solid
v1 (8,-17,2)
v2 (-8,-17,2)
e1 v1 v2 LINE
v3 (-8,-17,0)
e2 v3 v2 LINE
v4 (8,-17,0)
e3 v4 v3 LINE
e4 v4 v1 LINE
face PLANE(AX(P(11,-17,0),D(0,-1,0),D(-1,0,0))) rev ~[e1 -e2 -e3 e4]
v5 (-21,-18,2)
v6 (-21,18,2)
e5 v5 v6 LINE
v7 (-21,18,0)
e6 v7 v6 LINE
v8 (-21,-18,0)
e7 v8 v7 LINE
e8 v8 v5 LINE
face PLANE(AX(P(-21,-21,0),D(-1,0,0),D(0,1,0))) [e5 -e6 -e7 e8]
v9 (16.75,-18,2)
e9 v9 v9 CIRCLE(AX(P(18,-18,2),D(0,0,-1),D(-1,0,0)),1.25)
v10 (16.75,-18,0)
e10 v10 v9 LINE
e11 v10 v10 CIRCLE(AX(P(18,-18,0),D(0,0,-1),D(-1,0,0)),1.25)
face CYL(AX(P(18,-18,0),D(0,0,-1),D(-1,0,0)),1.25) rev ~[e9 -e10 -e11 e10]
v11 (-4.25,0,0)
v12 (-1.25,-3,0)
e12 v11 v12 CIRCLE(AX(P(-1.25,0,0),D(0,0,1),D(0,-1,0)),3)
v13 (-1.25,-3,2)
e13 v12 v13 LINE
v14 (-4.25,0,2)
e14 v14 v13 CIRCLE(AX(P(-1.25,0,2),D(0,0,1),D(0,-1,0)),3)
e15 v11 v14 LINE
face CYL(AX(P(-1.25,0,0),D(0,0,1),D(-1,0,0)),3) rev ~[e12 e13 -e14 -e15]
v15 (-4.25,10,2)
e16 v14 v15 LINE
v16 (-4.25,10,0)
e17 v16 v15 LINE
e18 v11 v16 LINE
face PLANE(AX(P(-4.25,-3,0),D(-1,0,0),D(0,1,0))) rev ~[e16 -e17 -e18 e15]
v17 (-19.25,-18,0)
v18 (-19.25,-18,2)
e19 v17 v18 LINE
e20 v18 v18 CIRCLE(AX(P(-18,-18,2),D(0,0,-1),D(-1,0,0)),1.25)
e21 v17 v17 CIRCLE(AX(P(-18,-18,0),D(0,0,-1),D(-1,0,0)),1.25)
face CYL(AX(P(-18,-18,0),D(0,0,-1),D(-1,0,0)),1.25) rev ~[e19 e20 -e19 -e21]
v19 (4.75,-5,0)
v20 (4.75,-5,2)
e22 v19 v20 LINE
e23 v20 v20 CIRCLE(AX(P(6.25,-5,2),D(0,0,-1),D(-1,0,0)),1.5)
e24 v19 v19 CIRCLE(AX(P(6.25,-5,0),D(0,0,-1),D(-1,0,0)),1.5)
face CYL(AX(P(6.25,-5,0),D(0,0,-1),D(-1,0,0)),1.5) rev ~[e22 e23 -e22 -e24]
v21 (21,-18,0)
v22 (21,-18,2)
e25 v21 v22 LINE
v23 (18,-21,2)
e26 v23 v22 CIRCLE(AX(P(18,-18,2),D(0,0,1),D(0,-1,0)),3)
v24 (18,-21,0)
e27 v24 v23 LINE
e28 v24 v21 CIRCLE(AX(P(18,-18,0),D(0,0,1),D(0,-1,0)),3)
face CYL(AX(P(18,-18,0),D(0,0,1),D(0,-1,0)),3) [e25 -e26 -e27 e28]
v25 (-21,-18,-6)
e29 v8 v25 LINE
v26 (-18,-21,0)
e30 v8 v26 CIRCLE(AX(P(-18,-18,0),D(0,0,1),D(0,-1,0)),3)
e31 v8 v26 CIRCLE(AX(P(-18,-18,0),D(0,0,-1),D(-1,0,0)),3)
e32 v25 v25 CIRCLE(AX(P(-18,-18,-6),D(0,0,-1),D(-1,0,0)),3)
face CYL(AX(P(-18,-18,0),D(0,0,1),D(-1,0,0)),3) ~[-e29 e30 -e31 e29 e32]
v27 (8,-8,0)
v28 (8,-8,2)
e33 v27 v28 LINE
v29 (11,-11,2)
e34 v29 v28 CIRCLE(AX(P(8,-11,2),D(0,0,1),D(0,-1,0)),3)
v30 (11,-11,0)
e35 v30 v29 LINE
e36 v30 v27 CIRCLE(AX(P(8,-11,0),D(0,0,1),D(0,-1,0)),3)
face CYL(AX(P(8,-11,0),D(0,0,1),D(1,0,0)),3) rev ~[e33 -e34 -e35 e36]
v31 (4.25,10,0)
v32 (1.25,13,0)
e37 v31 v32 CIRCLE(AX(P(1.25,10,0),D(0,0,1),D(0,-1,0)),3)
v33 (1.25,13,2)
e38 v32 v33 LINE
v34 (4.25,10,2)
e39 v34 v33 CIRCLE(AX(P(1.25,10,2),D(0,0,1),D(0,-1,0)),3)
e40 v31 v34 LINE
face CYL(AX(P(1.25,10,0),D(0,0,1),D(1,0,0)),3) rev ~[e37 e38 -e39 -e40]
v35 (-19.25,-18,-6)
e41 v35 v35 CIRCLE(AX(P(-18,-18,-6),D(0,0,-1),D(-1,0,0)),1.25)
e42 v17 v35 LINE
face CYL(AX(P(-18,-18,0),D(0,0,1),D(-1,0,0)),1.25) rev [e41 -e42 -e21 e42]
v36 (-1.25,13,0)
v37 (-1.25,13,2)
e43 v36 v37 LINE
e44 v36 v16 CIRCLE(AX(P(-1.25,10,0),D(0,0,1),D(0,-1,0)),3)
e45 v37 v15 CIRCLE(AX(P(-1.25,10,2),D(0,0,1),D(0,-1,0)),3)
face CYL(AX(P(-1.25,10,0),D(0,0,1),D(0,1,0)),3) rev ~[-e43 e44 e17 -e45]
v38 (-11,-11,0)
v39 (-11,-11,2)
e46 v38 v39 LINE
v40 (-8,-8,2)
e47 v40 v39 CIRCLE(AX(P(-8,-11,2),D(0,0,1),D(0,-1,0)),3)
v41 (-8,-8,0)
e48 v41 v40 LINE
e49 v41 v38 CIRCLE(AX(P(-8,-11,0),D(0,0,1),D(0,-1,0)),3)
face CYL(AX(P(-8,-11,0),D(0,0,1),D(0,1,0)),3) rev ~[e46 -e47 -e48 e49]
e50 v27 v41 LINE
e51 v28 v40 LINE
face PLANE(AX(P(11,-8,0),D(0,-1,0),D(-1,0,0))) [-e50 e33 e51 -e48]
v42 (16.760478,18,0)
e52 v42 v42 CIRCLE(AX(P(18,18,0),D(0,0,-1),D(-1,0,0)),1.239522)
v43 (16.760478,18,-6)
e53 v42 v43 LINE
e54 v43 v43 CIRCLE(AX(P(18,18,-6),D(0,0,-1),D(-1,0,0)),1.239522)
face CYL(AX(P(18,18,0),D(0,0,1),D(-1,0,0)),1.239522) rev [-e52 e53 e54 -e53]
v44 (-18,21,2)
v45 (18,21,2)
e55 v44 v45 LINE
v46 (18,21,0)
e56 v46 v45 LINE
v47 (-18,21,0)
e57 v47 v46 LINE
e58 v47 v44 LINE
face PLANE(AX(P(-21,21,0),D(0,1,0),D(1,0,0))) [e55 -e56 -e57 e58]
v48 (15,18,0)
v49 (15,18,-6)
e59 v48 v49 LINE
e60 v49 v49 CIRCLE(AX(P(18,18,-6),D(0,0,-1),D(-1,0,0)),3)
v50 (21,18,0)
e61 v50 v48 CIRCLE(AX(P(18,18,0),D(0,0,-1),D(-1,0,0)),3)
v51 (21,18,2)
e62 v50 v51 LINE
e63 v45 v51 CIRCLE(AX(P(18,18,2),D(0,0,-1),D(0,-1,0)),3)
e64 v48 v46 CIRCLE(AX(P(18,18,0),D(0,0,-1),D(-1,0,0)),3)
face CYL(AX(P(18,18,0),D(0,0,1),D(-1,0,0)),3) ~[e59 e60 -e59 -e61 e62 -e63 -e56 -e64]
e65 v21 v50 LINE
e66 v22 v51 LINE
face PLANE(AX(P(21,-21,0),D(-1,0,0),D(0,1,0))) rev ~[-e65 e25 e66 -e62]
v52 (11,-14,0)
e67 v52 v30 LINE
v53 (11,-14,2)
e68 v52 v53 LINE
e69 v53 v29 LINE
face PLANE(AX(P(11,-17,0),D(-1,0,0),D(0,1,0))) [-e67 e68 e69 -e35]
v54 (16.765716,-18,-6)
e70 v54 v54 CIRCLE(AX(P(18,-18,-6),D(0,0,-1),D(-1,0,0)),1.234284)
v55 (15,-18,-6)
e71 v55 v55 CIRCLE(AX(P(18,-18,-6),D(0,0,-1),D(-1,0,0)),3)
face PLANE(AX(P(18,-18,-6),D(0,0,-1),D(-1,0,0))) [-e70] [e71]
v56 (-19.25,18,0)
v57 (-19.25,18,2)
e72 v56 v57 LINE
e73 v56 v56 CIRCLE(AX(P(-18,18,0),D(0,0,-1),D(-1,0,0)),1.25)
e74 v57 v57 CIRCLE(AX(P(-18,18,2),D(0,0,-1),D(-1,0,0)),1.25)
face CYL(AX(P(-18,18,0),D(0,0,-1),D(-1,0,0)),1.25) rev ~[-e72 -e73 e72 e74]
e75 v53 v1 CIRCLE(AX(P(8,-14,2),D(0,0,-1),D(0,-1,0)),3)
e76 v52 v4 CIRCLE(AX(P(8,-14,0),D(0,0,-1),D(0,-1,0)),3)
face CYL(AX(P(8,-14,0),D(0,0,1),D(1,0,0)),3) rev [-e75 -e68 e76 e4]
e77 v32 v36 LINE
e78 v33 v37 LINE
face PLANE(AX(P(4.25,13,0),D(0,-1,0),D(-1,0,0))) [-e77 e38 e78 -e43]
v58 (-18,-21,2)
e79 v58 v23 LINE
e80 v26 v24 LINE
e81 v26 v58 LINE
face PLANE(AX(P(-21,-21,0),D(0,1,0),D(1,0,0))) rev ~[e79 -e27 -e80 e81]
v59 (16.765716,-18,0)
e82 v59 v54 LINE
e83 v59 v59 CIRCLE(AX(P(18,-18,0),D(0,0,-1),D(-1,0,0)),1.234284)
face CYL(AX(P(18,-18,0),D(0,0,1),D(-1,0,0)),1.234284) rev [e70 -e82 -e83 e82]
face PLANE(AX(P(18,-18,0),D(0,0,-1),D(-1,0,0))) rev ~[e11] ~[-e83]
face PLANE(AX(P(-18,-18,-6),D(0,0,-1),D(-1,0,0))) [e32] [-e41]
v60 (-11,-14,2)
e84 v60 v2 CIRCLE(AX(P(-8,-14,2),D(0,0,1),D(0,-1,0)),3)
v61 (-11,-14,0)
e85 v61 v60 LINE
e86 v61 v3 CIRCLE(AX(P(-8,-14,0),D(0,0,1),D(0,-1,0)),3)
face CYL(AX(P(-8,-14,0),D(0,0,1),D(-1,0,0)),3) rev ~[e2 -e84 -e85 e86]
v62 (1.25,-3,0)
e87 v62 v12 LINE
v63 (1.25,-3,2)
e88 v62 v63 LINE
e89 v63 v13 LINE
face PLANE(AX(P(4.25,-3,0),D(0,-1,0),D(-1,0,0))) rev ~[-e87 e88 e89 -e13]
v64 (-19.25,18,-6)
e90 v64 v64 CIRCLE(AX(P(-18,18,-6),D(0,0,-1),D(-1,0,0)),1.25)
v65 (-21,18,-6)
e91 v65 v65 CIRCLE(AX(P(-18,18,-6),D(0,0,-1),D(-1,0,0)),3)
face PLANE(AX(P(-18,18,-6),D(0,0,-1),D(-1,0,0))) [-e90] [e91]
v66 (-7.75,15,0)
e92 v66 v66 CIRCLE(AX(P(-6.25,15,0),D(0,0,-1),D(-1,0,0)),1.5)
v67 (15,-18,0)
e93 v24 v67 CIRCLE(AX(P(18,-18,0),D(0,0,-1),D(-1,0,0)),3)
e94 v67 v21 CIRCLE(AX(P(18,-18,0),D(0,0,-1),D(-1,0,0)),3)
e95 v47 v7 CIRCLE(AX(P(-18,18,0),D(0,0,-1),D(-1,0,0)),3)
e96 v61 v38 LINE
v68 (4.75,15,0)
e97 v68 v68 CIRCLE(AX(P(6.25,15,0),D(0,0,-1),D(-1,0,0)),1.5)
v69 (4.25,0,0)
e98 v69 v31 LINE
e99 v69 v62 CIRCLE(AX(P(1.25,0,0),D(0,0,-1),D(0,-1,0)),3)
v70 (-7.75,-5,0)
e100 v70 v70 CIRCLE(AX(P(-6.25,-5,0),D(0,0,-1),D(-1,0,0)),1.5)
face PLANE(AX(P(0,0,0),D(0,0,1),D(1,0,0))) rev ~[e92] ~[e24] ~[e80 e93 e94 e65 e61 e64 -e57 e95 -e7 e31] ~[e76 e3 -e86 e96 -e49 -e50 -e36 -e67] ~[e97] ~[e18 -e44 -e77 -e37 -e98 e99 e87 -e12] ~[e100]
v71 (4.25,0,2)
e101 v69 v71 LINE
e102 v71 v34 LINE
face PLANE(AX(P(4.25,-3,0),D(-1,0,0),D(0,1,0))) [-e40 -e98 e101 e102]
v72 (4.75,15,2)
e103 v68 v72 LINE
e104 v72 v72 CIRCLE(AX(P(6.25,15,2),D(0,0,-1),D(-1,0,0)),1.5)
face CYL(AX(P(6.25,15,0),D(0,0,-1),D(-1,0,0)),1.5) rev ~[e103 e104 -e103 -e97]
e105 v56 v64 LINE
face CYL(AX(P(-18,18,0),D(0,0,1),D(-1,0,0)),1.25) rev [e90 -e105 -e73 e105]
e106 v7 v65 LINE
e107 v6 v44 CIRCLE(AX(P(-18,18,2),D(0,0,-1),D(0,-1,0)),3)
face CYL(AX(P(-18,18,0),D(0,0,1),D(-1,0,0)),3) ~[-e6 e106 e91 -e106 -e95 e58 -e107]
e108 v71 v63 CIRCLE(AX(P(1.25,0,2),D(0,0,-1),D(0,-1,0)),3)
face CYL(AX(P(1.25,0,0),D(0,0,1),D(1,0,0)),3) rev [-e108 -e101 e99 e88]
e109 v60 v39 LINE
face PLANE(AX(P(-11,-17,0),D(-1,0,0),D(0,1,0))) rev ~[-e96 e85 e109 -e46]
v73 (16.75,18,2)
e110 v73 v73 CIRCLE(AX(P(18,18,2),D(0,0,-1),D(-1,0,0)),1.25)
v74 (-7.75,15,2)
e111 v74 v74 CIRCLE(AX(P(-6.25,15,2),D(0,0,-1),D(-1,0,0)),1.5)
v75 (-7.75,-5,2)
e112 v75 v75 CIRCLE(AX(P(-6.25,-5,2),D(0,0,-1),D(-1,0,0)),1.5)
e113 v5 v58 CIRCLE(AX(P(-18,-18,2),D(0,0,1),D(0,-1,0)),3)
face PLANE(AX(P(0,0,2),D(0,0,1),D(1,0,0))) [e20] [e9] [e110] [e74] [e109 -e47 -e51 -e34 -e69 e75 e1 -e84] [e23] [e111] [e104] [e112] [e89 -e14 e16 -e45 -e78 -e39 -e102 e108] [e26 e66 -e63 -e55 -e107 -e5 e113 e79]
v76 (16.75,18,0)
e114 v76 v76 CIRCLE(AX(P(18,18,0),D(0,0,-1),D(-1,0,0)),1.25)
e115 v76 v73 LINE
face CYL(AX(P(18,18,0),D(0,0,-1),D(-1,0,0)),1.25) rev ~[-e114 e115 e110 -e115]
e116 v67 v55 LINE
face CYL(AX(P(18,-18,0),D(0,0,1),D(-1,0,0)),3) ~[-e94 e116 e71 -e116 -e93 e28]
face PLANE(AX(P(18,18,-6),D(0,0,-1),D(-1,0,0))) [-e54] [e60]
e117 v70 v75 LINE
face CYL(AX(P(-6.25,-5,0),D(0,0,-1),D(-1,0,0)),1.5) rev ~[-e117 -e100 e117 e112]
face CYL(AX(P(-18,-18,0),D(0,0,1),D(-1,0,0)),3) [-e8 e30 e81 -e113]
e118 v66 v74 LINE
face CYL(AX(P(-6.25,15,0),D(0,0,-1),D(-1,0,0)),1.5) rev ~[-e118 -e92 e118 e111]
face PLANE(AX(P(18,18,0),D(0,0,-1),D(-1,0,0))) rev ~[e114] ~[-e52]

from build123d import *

# Parameters (mm, degrees)
SKETCH_1_W          = 42
SKETCH_1_H          = 42
EXTRUDE_1_DEPTH     = 2
SKETCH_2_R          = 1.5
SKETCH_2_R_2        = 1.25
SKETCH_2_W          = 8.5
SKETCH_2_H          = 16
SKETCH_2_W_2        = 22
SKETCH_2_H_2        = 9
CUT_EXTRUDE_1_DEPTH = 2
FILLET_1_R          = 3
SKETCH_3_R          = 3
SKETCH_3_R_2        = 1.25
SKETCH_3_R_3        = 1.234283691
SKETCH_3_R_4        = 1.239522306
EXTRUDE_2_DEPTH     = 6


with BuildPart() as part:
    # 草图1 → 凸台-拉伸1 (new body)
    with BuildSketch(Plane.XY):
        Rectangle(SKETCH_1_W, SKETCH_1_H)
    extrude(amount=EXTRUDE_1_DEPTH)

    # 草图2 → 切除-拉伸1 (cut)
    with BuildSketch(Plane(origin=(0, 0, 0), x_dir=(-1, 0, 0), z_dir=(0, 0, -1))):
        with Locations((-6.25, 15)):
            Circle(SKETCH_2_R)
        with Locations((6.25, 15)):
            Circle(SKETCH_2_R)
        with Locations((6.25, -5)):
            Circle(SKETCH_2_R)
        with Locations((-6.25, -5)):
            Circle(SKETCH_2_R)
        with Locations((18, -18)):
            Circle(SKETCH_2_R_2)
        with Locations((-18, -18)):
            Circle(SKETCH_2_R_2)
        with Locations((-18, 18)):
            Circle(SKETCH_2_R_2)
        with Locations((18, 18)):
            Circle(SKETCH_2_R_2)
        with Locations((0, 5)):
            Rectangle(SKETCH_2_W, SKETCH_2_H)
        with Locations((0, -12.5)):
            Rectangle(SKETCH_2_W_2, SKETCH_2_H_2)
    extrude(amount=-CUT_EXTRUDE_1_DEPTH, mode=Mode.SUBTRACT)

    # 圆角1
    fillet_1_edges = [part.edges().sort_by_distance(p)[0] for p in [
        (-11, -8, 1),
        (-11, -17, 1),
        (11, -17, 1),
        (11, -8, 1),
        (4.25, 13, 1),
        (-4.25, 13, 1),
        (-4.25, -3, 1),
        (4.25, -3, 1),
        (21, -21, 1),
        (-21, -21, 1),
        (-21, 21, 1),
        (21, 21, 1),
    ]]
    fillet(fillet_1_edges, radius=FILLET_1_R)

    # 草图3 → 凸台-拉伸2 (add)
    # profile 1 of 4: a face of its own
    with BuildSketch(Plane(origin=(0, 0, 0), x_dir=(-1, 0, 0), z_dir=(0, 0, -1))):
        with Locations((18, 18)):
            Circle(SKETCH_3_R)
        with Locations((18, 18)):
            Circle(SKETCH_3_R_2, mode=Mode.SUBTRACT)
    # profile 2 of 4: a face of its own
    with BuildSketch(Plane(origin=(0, 0, 0), x_dir=(-1, 0, 0), z_dir=(0, 0, -1))):
        with Locations((18, -18)):
            Circle(SKETCH_3_R)
        with Locations((18, -18)):
            Circle(SKETCH_3_R_2, mode=Mode.SUBTRACT)
    # profile 3 of 4: a face of its own
    with BuildSketch(Plane(origin=(0, 0, 0), x_dir=(-1, 0, 0), z_dir=(0, 0, -1))):
        with Locations((-18, -18)):
            Circle(SKETCH_3_R)
        with Locations((-18, -18)):
            Circle(SKETCH_3_R_3, mode=Mode.SUBTRACT)
    # profile 4 of 4: a face of its own
    with BuildSketch(Plane(origin=(0, 0, 0), x_dir=(-1, 0, 0), z_dir=(0, 0, -1))):
        with Locations((-18, 18)):
            Circle(SKETCH_3_R)
        with Locations((-18, 18)):
            Circle(SKETCH_3_R_4, mode=Mode.SUBTRACT)
    extrude(amount=EXTRUDE_2_DEPTH)


solid = part.part
